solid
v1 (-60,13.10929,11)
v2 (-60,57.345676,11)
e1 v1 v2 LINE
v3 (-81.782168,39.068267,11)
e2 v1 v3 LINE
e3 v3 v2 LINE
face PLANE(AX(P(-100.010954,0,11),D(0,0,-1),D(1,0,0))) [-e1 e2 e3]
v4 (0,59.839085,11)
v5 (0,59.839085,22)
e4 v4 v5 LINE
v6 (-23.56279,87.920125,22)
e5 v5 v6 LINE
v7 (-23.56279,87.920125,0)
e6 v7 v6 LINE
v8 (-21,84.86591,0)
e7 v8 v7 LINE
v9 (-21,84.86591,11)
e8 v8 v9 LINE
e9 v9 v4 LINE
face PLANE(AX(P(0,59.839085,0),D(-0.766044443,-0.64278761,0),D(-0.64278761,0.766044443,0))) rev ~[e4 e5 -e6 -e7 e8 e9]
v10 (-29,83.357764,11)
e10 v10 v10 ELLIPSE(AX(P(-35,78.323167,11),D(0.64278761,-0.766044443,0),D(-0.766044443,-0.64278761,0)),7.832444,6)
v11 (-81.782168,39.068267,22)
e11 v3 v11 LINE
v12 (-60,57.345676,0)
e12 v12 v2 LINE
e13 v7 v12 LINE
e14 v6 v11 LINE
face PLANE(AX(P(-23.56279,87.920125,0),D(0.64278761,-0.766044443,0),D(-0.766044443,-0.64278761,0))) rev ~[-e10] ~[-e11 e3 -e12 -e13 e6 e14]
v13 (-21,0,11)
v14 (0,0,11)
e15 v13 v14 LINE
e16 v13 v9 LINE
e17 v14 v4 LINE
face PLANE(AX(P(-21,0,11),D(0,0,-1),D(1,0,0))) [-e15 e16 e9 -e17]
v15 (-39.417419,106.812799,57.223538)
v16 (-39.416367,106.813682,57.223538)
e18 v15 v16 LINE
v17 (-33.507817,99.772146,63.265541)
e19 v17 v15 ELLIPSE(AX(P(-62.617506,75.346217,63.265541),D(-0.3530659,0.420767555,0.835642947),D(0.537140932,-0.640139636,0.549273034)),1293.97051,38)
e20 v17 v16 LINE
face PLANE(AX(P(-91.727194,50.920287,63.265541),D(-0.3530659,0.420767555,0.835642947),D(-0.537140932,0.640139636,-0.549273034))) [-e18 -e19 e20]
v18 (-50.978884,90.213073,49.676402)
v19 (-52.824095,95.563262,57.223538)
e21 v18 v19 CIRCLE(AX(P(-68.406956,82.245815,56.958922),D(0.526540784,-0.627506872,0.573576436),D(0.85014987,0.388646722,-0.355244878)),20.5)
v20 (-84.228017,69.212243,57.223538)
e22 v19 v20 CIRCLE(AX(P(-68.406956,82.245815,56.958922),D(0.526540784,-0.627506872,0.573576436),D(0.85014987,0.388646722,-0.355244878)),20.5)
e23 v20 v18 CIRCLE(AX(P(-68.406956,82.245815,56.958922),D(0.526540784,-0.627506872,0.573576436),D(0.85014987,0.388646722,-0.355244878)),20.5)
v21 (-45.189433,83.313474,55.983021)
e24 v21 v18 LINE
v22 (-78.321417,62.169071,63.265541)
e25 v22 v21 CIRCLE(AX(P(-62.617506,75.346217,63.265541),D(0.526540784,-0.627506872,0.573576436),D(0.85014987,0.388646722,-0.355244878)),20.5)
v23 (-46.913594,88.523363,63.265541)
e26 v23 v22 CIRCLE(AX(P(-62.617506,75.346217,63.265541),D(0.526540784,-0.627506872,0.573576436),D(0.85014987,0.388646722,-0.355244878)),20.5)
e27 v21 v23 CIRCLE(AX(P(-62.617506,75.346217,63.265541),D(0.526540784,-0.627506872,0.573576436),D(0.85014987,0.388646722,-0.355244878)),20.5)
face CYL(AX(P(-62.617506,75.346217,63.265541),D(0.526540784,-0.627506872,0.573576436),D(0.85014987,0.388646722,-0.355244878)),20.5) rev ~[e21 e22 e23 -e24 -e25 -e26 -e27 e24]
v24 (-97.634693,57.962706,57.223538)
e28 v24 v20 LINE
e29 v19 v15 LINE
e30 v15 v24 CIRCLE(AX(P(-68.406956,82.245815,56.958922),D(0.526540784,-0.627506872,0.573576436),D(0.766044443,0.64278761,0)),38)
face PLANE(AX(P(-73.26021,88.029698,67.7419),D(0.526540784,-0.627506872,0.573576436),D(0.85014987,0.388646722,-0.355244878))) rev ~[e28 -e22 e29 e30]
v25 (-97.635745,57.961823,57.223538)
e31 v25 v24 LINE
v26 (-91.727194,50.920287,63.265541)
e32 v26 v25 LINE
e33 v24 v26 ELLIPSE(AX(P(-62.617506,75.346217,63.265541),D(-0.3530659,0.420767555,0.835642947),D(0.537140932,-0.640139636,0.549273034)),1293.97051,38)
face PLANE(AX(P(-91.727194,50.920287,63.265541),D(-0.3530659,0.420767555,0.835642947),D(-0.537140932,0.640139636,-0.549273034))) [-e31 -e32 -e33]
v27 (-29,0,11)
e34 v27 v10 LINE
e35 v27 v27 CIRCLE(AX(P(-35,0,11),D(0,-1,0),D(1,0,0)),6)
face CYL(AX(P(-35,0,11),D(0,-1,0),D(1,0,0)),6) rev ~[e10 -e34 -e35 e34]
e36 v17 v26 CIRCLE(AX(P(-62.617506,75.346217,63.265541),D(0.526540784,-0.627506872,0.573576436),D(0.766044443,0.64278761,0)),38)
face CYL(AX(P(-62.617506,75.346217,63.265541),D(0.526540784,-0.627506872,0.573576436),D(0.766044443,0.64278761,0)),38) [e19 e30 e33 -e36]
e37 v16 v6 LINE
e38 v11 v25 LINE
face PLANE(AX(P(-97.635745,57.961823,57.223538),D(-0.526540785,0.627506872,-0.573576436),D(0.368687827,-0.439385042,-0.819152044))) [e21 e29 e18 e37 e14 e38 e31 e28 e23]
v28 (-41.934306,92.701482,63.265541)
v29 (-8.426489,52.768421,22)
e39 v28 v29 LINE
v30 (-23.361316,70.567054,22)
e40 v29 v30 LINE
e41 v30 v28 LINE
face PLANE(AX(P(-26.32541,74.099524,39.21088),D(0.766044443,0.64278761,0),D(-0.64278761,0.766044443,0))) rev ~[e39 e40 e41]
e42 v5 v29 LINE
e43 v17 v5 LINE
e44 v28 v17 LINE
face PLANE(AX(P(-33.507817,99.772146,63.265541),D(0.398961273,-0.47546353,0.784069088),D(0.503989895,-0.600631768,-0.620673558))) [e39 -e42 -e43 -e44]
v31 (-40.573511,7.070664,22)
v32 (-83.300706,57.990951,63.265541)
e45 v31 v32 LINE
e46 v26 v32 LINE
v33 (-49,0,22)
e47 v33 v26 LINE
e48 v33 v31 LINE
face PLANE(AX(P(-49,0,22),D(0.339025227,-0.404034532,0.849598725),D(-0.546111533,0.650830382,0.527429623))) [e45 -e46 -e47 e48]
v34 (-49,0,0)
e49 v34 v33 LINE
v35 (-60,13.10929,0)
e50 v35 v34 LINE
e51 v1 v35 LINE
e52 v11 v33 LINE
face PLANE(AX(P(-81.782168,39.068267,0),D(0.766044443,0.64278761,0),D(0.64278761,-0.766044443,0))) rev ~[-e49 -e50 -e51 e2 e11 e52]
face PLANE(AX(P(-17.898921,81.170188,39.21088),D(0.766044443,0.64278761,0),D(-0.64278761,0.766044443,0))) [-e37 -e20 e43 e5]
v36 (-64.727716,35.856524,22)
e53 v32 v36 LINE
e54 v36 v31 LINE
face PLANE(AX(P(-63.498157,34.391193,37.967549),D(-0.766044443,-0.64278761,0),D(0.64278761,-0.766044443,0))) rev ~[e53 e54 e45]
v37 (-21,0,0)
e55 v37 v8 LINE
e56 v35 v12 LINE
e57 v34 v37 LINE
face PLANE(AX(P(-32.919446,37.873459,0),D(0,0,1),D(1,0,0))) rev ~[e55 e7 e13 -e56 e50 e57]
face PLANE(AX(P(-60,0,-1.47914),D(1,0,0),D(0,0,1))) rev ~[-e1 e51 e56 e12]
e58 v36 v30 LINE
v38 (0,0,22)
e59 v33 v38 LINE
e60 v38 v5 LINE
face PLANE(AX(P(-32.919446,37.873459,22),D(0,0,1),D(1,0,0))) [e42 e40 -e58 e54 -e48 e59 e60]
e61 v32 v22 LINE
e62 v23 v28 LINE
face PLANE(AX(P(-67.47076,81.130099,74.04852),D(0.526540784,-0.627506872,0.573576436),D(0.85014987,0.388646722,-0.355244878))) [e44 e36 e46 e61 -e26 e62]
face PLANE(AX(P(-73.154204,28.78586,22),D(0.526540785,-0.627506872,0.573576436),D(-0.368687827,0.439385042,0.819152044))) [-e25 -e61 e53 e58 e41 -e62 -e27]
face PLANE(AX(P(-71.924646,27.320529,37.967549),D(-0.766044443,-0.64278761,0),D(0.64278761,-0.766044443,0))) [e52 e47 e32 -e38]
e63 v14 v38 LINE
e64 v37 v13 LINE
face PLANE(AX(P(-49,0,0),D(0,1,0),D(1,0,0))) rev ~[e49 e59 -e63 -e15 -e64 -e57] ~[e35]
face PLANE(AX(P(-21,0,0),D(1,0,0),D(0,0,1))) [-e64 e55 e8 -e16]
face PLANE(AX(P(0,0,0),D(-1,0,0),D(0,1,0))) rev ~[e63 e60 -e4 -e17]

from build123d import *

# Parameters (mm, degrees)
F1_DEPTH  = 22
F2_W      = 21
F2_H      = 11
F2_W_2    = 40.0109538998
F2_H_2    = 12.4791396397
F3_DEPTH  = 87.9211249352
F4_R      = 6
F5_DEPTH  = 87.9211249352
F7_DEPTH  = 76
F9_DEPTH  = 10.9952556712
F10_R     = 20.5
F11_DEPTH = 79.2430002024
F13_DEPTH = 11
F15_DEPTH = 11


with BuildPart() as f1:
    # F0 (on Top) → F1 (new body)
    with BuildSketch(Plane.XY):
        Polygon((-49, 0), (0, 0), (0, 59.8390848043), (-23.562790417, 87.9201249352), (-81.782168094, 39.0682665991), align=None)
    extrude(amount=F1_DEPTH)

    # F2 (on face) → F3 (cut, through all)
    with BuildSketch(Plane.XZ):
        with Locations((-10.5, 5.5)):
            Rectangle(F2_W, F2_H)
        with Locations((-80.0054769499, 4.7604301802)):
            Rectangle(F2_W_2, F2_H_2)
    extrude(amount=-F3_DEPTH, mode=Mode.SUBTRACT)

    # F4 (on face) → F5 (cut, through all)
    with BuildSketch(Plane.XZ):
        with Locations((-35, 11)):
            Circle(F4_R)
    extrude(amount=-F5_DEPTH, mode=Mode.SUBTRACT)

    # F6 (on face) → F7 (join, through all)
    with BuildSketch(Plane(origin=(-28.7543803528, -24.1277899488, 0), x_dir=(0.6427876097, -0.7660444431, 0), z_dir=(-0.7660444431, -0.6427876097, 0))):
        Polygon((-107.1603796377, 57.2235379044), (-82.4965928746, 22), (-69.0738641545, 22), (-97.9683072221, 63.265541273), align=None)
    extrude(amount=-F7_DEPTH)

    # F8 (on face) → F9 (join, through all)
    with BuildSketch(Plane(origin=(-23.1484785961, 27.58728253, -25.2163217941), x_dir=(0.8501498705, 0.3886467221, -0.3552448777), z_dir=(0.5265407845, -0.6275068716, 0.5735764364))):
        with BuildLine():
            Line((-80.6666191033, 81.0518724564), (-12.1853081013, 114.0110903395))
            ThreePointArc((-12.1853081015, 114.0110903394), (-62.905572543, 131.7721368985), (-80.6666191021, 81.0518724571))
        make_face()
    extrude(amount=-F9_DEPTH)

    # F10 (on face) → F11 (cut, through all)
    with BuildSketch(Plane(origin=(-23.1484785962, 27.5872825301, -25.2163217941), x_dir=(0.8501498705, 0.3886467221, -0.3552448777), z_dir=(0.5265407845, -0.6275068716, 0.5735764364))):
        with Locations((-46.4259636018, 97.5314813982)):
            Circle(F10_R)
    extrude(amount=-F11_DEPTH, mode=Mode.SUBTRACT)

    # F12 (on face) → F13 (join)
    with BuildSketch(Plane(origin=(-28.7543803528, -24.1277899488, 0), x_dir=(0.6427876097, -0.7660444431, 0), z_dir=(-0.7660444431, -0.6427876097, 0))):
        Polygon((-31.4965928746, 22), (-97.9683072221, 63.265541273), (-69.0738641544, 22), align=None)
    extrude(amount=-F13_DEPTH)

    # F14 (on face) → F15 (join)
    with BuildSketch(Plane(origin=(29.4649973242, 24.7240683874, 0), x_dir=(-0.6427876097, 0.7660444431, 0), z_dir=(0.7660444431, 0.6427876097, 0))):
        Polygon((69.0738641544, 22), (97.968307222, 63.265541273), (45.8393983956, 22), align=None)
    extrude(amount=-F15_DEPTH)


solid = f1.part
